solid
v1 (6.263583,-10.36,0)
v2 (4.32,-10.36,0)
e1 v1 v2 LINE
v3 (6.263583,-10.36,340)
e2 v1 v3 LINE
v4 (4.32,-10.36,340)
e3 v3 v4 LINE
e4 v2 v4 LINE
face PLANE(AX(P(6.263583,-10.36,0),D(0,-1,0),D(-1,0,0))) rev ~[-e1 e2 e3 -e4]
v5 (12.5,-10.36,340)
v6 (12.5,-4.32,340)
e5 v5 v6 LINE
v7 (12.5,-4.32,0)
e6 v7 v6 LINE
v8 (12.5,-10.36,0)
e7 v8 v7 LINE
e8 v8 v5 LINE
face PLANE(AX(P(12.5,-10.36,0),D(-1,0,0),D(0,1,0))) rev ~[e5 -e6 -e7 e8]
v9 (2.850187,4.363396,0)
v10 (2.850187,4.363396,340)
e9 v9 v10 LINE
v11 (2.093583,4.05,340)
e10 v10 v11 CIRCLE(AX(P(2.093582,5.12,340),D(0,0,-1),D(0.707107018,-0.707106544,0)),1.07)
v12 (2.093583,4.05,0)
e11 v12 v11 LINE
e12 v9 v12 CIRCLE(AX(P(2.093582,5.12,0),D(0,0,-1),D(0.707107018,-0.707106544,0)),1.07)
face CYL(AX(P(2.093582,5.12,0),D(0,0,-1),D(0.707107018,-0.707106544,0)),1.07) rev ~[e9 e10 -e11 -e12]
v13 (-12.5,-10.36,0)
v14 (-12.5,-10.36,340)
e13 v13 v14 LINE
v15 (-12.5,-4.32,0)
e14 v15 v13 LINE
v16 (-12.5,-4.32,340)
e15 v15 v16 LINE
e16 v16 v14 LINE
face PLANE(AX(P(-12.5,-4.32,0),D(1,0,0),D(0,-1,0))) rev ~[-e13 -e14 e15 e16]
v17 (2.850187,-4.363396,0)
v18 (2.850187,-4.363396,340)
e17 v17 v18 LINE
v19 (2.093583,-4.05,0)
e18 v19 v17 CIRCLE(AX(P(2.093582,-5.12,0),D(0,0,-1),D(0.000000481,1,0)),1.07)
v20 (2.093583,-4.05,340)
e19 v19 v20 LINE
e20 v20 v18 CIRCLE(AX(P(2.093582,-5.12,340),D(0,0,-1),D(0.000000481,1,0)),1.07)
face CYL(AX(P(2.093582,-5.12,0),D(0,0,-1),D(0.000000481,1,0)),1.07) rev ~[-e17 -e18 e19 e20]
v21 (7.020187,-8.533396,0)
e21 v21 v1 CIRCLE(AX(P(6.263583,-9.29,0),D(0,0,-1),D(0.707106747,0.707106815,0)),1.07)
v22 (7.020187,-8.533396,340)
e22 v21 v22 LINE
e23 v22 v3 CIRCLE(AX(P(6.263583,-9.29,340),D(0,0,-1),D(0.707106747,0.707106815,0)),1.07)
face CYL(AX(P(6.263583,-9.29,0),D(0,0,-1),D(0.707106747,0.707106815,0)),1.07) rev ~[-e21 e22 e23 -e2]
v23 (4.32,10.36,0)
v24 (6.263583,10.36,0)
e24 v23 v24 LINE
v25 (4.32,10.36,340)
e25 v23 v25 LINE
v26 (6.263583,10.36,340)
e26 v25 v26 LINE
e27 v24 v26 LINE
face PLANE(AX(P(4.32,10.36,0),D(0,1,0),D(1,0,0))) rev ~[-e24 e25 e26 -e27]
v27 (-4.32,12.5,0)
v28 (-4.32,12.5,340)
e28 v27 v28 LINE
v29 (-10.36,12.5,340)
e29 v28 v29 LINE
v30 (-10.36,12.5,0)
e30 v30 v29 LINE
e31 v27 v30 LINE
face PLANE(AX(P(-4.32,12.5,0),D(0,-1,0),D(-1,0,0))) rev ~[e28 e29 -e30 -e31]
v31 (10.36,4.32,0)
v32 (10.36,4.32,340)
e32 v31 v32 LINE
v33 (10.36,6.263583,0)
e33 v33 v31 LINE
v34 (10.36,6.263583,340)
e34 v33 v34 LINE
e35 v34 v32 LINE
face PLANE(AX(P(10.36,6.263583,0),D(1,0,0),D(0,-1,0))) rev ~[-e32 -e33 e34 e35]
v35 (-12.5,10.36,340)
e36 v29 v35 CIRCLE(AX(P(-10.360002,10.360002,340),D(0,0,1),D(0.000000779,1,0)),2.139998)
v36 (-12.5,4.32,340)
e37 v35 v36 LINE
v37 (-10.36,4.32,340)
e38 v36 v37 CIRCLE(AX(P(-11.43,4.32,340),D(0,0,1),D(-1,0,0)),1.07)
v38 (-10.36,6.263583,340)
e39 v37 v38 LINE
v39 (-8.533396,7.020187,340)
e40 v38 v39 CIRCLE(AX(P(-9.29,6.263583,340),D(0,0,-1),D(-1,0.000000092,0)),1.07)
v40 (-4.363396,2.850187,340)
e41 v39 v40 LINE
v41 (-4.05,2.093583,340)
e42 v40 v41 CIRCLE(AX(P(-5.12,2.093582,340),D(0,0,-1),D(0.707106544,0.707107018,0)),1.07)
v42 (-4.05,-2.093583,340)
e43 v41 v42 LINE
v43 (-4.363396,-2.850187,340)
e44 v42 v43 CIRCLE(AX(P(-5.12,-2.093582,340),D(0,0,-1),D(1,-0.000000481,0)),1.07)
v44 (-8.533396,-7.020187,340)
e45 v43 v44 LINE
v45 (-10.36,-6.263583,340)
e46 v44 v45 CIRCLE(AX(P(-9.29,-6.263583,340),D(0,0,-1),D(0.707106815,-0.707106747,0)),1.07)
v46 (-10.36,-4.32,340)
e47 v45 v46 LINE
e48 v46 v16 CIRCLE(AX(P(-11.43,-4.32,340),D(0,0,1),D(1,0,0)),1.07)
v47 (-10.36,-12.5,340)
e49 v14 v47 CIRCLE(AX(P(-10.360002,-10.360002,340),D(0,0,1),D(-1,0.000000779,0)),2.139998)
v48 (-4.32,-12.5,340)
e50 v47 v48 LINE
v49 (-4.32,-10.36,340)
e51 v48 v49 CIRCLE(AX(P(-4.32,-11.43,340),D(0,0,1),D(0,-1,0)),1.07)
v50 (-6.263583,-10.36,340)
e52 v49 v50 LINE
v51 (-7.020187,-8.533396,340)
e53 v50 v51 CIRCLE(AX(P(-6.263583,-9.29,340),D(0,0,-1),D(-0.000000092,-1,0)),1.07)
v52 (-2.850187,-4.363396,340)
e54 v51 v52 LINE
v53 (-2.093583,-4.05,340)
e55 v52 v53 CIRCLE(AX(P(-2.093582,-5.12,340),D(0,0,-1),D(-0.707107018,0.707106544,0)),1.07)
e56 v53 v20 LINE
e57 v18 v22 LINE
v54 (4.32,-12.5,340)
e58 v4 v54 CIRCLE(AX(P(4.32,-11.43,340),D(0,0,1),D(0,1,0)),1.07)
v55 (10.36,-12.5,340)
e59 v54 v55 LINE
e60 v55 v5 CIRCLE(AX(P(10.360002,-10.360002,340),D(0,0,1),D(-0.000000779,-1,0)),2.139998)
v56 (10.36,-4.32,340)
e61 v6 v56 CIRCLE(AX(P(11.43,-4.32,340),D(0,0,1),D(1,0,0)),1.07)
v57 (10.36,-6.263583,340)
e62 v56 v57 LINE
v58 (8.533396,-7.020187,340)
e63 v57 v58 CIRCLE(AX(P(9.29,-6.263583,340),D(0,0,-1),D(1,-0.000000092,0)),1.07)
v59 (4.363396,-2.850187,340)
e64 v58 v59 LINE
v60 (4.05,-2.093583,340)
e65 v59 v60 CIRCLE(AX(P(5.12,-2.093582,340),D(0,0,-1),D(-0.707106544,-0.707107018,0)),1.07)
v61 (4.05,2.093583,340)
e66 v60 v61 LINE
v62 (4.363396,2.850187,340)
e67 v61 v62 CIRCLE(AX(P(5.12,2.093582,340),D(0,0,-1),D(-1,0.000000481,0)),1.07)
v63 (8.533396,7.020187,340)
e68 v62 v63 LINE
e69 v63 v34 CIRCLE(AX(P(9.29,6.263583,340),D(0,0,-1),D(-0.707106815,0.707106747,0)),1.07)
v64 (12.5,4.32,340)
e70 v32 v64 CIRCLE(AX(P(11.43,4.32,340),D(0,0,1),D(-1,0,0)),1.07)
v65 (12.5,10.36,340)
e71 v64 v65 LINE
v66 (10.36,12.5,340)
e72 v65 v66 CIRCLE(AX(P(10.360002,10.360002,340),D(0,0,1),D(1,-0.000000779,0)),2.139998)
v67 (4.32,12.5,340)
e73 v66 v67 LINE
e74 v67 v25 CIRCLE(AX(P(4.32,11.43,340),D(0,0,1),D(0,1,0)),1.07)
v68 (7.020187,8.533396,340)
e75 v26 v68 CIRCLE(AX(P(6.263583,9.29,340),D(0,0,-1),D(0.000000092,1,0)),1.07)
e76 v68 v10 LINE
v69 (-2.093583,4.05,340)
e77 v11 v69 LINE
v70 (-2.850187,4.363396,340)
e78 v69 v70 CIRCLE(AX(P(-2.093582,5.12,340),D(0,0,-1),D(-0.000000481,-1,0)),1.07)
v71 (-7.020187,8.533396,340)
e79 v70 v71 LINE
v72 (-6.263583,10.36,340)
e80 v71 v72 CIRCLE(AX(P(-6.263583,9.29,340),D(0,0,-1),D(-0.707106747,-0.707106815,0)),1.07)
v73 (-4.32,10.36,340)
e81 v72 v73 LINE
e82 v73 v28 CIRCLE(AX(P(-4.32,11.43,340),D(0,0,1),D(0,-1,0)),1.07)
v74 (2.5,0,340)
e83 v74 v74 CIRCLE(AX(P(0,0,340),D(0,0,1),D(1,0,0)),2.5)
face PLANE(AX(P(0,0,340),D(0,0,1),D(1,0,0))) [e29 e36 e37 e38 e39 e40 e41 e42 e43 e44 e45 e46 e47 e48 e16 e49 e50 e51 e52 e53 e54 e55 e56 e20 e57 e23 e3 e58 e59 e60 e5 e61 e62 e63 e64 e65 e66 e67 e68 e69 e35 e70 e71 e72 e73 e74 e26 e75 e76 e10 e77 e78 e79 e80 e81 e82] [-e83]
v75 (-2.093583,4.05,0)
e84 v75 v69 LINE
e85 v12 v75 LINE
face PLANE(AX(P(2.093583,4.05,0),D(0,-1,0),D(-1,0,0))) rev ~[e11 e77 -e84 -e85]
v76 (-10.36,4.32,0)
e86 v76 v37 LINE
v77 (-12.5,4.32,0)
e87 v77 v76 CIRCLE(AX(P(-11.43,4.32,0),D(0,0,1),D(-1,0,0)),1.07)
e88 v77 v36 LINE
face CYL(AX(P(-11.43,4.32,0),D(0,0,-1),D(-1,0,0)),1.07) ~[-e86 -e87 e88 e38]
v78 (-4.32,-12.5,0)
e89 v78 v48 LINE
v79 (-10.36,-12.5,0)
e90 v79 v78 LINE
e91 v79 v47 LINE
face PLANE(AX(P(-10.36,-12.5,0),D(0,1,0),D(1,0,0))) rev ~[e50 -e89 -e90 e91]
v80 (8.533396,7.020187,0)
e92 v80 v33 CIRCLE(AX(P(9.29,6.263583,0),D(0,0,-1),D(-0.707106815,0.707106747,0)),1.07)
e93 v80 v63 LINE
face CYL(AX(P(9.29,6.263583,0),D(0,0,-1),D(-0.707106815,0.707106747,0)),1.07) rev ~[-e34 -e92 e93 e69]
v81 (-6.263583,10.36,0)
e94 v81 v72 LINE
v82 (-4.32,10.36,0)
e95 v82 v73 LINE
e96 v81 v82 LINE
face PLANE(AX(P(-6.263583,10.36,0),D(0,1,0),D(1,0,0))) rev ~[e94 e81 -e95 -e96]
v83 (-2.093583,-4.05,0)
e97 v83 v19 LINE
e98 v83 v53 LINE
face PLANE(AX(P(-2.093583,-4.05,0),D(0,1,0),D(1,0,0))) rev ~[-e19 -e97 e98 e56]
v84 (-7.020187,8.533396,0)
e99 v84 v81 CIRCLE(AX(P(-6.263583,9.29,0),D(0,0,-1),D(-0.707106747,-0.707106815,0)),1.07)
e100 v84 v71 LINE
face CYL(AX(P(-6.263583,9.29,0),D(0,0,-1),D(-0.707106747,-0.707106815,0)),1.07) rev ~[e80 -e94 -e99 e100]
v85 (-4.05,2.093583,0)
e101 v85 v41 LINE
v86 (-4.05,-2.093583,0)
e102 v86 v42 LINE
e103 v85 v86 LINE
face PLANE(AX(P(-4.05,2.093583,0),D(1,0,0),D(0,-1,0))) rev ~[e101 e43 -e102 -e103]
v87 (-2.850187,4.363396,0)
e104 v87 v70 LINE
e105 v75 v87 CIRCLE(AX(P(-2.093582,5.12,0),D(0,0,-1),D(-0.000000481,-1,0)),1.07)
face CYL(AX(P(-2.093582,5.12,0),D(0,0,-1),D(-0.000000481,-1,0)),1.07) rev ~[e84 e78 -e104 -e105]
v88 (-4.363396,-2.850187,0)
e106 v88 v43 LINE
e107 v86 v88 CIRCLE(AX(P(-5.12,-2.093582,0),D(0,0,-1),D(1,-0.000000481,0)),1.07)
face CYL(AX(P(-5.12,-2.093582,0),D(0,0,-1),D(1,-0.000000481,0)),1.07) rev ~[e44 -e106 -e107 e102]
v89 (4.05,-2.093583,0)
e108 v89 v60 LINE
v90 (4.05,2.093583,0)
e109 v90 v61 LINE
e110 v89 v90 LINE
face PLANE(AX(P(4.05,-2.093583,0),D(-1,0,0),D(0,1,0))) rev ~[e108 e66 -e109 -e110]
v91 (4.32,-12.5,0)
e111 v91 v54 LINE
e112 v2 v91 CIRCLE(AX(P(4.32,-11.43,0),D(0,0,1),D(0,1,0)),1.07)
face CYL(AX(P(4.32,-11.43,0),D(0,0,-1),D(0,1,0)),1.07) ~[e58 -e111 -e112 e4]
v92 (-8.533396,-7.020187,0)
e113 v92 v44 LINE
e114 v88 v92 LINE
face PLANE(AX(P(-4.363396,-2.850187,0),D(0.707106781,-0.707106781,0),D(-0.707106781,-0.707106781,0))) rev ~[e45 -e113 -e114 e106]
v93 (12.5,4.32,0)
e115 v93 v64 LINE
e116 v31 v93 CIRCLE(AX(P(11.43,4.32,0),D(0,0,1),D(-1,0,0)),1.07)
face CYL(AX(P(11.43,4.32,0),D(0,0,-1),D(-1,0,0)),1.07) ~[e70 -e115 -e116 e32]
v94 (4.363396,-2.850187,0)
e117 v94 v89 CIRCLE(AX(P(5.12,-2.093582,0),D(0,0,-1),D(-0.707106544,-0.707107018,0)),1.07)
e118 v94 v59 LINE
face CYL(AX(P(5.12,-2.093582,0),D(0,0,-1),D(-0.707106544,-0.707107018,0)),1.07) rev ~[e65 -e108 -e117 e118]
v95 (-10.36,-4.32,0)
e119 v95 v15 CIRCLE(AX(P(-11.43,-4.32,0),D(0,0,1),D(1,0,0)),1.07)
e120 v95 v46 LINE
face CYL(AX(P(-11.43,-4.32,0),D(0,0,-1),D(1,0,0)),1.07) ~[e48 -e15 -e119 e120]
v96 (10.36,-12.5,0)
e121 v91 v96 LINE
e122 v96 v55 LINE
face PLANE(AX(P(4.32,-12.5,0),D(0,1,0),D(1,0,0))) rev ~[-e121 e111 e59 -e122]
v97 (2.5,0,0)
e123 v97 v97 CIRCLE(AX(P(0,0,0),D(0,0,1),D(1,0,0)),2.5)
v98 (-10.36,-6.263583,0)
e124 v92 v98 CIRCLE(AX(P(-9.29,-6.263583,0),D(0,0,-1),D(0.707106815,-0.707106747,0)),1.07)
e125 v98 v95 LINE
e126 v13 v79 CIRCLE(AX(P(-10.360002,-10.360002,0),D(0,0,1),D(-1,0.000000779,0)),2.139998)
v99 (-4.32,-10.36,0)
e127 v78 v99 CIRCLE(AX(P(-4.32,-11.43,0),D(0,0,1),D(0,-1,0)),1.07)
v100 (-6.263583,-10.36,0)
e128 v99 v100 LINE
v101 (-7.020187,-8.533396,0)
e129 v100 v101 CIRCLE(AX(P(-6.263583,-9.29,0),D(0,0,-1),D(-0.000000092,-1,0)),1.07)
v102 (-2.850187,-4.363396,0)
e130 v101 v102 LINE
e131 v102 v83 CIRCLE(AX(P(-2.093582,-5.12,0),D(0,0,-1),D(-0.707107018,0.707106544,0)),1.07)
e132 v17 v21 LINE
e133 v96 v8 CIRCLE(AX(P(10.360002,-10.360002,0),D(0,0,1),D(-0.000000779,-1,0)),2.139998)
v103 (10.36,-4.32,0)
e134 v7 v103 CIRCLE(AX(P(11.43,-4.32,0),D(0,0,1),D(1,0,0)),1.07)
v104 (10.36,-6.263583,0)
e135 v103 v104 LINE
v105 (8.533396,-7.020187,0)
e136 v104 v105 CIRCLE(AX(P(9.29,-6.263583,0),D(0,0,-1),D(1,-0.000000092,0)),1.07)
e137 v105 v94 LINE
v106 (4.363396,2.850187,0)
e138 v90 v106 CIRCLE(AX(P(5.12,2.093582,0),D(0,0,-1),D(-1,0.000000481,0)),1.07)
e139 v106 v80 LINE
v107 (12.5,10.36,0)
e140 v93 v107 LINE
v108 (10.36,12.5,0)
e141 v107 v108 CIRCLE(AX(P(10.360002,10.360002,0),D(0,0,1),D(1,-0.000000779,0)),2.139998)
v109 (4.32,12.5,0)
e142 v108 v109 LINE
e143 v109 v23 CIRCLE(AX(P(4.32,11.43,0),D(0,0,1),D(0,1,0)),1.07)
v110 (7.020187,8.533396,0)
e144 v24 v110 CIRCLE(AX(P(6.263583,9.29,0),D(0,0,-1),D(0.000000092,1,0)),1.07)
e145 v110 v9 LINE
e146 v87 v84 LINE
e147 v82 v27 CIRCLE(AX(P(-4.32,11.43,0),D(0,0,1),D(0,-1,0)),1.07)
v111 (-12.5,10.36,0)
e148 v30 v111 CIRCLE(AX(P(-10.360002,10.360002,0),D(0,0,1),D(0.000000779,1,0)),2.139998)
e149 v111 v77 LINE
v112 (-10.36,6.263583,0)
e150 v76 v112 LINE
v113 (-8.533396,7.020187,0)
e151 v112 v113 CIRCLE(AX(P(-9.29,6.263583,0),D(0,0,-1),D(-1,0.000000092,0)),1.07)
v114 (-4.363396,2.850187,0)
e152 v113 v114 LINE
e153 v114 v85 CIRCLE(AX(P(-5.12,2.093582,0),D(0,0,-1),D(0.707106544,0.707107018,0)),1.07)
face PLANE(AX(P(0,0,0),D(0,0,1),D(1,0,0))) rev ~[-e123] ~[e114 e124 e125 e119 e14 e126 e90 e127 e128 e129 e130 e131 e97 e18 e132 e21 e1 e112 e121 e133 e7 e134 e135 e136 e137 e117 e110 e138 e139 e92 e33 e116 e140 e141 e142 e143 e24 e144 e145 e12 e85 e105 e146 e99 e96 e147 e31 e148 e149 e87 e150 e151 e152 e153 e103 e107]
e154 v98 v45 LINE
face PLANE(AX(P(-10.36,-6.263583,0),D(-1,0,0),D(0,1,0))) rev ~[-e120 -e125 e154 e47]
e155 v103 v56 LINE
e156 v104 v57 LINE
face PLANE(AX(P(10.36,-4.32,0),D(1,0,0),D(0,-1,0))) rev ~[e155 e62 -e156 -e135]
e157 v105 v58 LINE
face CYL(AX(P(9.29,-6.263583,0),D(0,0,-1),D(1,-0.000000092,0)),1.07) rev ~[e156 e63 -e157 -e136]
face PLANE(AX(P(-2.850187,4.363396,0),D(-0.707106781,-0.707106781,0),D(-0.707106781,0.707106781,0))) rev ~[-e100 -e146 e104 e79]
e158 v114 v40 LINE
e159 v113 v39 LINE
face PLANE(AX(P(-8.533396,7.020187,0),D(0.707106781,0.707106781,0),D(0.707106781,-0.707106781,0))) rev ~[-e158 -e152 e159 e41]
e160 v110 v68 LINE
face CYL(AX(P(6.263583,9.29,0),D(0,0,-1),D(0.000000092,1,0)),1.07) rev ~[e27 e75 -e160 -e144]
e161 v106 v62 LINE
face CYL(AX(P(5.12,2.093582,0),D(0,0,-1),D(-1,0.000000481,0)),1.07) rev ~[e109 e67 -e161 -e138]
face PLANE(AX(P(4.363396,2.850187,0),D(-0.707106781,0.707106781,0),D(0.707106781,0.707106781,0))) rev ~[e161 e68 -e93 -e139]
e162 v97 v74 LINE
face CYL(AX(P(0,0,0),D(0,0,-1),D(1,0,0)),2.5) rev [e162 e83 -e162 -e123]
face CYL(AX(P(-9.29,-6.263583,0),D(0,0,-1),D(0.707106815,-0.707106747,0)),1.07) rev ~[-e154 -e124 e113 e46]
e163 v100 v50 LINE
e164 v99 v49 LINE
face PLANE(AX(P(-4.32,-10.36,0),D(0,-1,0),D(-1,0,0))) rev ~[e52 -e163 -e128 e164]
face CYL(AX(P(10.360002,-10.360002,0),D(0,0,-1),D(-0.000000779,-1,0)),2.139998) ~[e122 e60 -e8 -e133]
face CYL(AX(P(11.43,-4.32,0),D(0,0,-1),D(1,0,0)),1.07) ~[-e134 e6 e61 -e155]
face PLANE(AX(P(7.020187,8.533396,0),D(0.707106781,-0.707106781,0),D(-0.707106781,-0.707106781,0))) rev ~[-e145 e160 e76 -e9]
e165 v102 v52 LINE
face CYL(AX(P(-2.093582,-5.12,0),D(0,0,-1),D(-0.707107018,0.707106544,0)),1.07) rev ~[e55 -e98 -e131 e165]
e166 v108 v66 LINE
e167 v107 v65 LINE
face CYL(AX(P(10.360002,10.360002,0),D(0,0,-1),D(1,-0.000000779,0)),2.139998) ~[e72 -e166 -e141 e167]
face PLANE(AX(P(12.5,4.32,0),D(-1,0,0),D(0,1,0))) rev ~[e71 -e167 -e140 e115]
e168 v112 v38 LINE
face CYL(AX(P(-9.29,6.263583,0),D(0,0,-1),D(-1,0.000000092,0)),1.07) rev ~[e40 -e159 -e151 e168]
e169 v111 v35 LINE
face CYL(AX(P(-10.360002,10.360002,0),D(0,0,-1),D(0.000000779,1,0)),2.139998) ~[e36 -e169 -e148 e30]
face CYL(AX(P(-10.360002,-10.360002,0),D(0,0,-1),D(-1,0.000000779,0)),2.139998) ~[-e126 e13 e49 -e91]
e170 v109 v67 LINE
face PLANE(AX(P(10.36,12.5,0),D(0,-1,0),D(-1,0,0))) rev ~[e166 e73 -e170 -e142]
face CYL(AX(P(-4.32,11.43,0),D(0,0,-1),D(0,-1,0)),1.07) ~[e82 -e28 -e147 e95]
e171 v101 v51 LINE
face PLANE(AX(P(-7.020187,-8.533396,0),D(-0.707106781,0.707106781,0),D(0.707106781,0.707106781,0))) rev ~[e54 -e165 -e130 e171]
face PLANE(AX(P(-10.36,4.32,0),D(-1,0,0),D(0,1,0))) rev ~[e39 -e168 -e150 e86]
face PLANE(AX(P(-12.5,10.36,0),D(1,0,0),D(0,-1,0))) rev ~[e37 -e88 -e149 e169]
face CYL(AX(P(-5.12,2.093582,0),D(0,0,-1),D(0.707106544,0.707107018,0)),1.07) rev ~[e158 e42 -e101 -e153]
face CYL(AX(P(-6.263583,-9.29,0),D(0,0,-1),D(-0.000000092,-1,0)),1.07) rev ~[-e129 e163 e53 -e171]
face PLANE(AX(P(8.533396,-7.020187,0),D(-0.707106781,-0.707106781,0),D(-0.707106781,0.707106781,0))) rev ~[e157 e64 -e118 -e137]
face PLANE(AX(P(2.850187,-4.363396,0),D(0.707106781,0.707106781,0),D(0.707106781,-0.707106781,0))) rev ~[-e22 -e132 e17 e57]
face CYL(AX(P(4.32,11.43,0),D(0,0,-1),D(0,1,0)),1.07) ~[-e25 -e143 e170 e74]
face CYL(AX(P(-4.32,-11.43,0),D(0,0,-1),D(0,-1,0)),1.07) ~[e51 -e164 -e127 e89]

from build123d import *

# Parameters (mm, degrees)
F0_R     = 2.5
F1_DEPTH = 340


with BuildPart() as f1:
    # F0 (on Top) → F1 (new body)
    with BuildSketch(Plane.XY):
        with BuildLine():
            ThreePointArc((-10.36, 12.5), (-11.873209, 11.873209), (-12.5, 10.36))
            Line((-12.5, 10.36), (-12.5, 4.32))
            ThreePointArc((-12.5, 4.32), (-11.43, 3.25), (-10.36, 4.32))
            Line((-10.36, 4.32), (-10.36, 6.263583))
            ThreePointArc((-10.36, 6.263583), (-9.699471, 7.252134), (-8.533396, 7.020187))
            Line((-8.533396, 7.020187), (-4.363396, 2.850187))
            ThreePointArc((-4.363396, 2.850187), (-4.131449, 2.503054), (-4.05, 2.093583))
            Line((-4.05, 2.093583), (-4.05, 0))
            Line((-4.05, 0), (-4.05, -2.093583))
            ThreePointArc((-4.05, -2.093583), (-4.131449, -2.503054), (-4.363396, -2.850187))
            Line((-4.363396, -2.850187), (-8.533396, -7.020187))
            ThreePointArc((-8.533396, -7.020187), (-9.699471, -7.252134), (-10.36, -6.263583))
            Line((-10.36, -6.263583), (-10.36, -4.32))
            ThreePointArc((-10.36, -4.32), (-11.43, -3.25), (-12.5, -4.32))
            Line((-12.5, -4.32), (-12.5, -10.36))
            ThreePointArc((-12.5, -10.36), (-11.873209, -11.873209), (-10.36, -12.5))
            Line((-10.36, -12.5), (-4.32, -12.5))
            ThreePointArc((-4.32, -12.5), (-3.25, -11.43), (-4.32, -10.36))
            Line((-4.32, -10.36), (-6.263583, -10.36))
            ThreePointArc((-6.263583, -10.36), (-7.252134, -9.699471), (-7.020187, -8.533396))
            Line((-7.020187, -8.533396), (-2.850187, -4.363396))
            ThreePointArc((-2.850187, -4.363396), (-2.503054, -4.131449), (-2.093583, -4.05))
            Line((-2.093583, -4.05), (0, -4.05))
            Line((0, -4.05), (2.093583, -4.05))
            ThreePointArc((2.093583, -4.05), (2.503054, -4.131449), (2.850187, -4.363396))
            Line((2.850187, -4.363396), (7.020187, -8.533396))
            ThreePointArc((7.020187, -8.533396), (7.252134, -9.699471), (6.263583, -10.36))
            Line((6.263583, -10.36), (4.32, -10.36))
            ThreePointArc((4.32, -10.36), (3.25, -11.43), (4.32, -12.5))
            Line((4.32, -12.5), (10.36, -12.5))
            ThreePointArc((10.36, -12.5), (11.873209, -11.873209), (12.5, -10.36))
            Line((12.5, -10.36), (12.5, -4.32))
            ThreePointArc((12.5, -4.32), (11.43, -3.25), (10.36, -4.32))
            Line((10.36, -4.32), (10.36, -6.263583))
            ThreePointArc((10.36, -6.263583), (9.699471, -7.252134), (8.533396, -7.020187))
            Line((8.533396, -7.020187), (4.363396, -2.850187))
            ThreePointArc((4.363396, -2.850187), (4.131449, -2.503054), (4.05, -2.093583))
            Line((4.05, -2.093583), (4.05, 0))
            Line((4.05, 0), (4.05, 2.093583))
            ThreePointArc((4.05, 2.093583), (4.131449, 2.503054), (4.363396, 2.850187))
            Line((4.363396, 2.850187), (8.533396, 7.020187))
            ThreePointArc((8.533396, 7.020187), (9.699471, 7.252134), (10.36, 6.263583))
            Line((10.36, 6.263583), (10.36, 4.32))
            ThreePointArc((10.36, 4.32), (11.43, 3.25), (12.5, 4.32))
            Line((12.5, 4.32), (12.5, 10.36))
            ThreePointArc((12.5, 10.36), (11.873209, 11.873209), (10.36, 12.5))
            Line((10.36, 12.5), (4.32, 12.5))
            ThreePointArc((4.32, 12.5), (3.25, 11.43), (4.32, 10.36))
            Line((4.32, 10.36), (6.263583, 10.36))
            ThreePointArc((6.263583, 10.36), (7.252134, 9.699471), (7.020187, 8.533396))
            Line((7.020187, 8.533396), (2.850187, 4.363396))
            ThreePointArc((2.850187, 4.363396), (2.503054, 4.131449), (2.093583, 4.05))
            Line((2.093583, 4.05), (0, 4.05))
            Line((0, 4.05), (-2.093583, 4.05))
            ThreePointArc((-2.093583, 4.05), (-2.503054, 4.131449), (-2.850187, 4.363396))
            Line((-2.850187, 4.363396), (-7.020187, 8.533396))
            ThreePointArc((-7.020187, 8.533396), (-7.252134, 9.699471), (-6.263583, 10.36))
            Line((-6.263583, 10.36), (-4.32, 10.36))
            ThreePointArc((-4.32, 10.36), (-3.25, 11.43), (-4.32, 12.5))
            Line((-4.32, 12.5), (-10.36, 12.5))
        make_face()
        Circle(F0_R, mode=Mode.SUBTRACT)
    extrude(amount=F1_DEPTH)


solid = f1.part
